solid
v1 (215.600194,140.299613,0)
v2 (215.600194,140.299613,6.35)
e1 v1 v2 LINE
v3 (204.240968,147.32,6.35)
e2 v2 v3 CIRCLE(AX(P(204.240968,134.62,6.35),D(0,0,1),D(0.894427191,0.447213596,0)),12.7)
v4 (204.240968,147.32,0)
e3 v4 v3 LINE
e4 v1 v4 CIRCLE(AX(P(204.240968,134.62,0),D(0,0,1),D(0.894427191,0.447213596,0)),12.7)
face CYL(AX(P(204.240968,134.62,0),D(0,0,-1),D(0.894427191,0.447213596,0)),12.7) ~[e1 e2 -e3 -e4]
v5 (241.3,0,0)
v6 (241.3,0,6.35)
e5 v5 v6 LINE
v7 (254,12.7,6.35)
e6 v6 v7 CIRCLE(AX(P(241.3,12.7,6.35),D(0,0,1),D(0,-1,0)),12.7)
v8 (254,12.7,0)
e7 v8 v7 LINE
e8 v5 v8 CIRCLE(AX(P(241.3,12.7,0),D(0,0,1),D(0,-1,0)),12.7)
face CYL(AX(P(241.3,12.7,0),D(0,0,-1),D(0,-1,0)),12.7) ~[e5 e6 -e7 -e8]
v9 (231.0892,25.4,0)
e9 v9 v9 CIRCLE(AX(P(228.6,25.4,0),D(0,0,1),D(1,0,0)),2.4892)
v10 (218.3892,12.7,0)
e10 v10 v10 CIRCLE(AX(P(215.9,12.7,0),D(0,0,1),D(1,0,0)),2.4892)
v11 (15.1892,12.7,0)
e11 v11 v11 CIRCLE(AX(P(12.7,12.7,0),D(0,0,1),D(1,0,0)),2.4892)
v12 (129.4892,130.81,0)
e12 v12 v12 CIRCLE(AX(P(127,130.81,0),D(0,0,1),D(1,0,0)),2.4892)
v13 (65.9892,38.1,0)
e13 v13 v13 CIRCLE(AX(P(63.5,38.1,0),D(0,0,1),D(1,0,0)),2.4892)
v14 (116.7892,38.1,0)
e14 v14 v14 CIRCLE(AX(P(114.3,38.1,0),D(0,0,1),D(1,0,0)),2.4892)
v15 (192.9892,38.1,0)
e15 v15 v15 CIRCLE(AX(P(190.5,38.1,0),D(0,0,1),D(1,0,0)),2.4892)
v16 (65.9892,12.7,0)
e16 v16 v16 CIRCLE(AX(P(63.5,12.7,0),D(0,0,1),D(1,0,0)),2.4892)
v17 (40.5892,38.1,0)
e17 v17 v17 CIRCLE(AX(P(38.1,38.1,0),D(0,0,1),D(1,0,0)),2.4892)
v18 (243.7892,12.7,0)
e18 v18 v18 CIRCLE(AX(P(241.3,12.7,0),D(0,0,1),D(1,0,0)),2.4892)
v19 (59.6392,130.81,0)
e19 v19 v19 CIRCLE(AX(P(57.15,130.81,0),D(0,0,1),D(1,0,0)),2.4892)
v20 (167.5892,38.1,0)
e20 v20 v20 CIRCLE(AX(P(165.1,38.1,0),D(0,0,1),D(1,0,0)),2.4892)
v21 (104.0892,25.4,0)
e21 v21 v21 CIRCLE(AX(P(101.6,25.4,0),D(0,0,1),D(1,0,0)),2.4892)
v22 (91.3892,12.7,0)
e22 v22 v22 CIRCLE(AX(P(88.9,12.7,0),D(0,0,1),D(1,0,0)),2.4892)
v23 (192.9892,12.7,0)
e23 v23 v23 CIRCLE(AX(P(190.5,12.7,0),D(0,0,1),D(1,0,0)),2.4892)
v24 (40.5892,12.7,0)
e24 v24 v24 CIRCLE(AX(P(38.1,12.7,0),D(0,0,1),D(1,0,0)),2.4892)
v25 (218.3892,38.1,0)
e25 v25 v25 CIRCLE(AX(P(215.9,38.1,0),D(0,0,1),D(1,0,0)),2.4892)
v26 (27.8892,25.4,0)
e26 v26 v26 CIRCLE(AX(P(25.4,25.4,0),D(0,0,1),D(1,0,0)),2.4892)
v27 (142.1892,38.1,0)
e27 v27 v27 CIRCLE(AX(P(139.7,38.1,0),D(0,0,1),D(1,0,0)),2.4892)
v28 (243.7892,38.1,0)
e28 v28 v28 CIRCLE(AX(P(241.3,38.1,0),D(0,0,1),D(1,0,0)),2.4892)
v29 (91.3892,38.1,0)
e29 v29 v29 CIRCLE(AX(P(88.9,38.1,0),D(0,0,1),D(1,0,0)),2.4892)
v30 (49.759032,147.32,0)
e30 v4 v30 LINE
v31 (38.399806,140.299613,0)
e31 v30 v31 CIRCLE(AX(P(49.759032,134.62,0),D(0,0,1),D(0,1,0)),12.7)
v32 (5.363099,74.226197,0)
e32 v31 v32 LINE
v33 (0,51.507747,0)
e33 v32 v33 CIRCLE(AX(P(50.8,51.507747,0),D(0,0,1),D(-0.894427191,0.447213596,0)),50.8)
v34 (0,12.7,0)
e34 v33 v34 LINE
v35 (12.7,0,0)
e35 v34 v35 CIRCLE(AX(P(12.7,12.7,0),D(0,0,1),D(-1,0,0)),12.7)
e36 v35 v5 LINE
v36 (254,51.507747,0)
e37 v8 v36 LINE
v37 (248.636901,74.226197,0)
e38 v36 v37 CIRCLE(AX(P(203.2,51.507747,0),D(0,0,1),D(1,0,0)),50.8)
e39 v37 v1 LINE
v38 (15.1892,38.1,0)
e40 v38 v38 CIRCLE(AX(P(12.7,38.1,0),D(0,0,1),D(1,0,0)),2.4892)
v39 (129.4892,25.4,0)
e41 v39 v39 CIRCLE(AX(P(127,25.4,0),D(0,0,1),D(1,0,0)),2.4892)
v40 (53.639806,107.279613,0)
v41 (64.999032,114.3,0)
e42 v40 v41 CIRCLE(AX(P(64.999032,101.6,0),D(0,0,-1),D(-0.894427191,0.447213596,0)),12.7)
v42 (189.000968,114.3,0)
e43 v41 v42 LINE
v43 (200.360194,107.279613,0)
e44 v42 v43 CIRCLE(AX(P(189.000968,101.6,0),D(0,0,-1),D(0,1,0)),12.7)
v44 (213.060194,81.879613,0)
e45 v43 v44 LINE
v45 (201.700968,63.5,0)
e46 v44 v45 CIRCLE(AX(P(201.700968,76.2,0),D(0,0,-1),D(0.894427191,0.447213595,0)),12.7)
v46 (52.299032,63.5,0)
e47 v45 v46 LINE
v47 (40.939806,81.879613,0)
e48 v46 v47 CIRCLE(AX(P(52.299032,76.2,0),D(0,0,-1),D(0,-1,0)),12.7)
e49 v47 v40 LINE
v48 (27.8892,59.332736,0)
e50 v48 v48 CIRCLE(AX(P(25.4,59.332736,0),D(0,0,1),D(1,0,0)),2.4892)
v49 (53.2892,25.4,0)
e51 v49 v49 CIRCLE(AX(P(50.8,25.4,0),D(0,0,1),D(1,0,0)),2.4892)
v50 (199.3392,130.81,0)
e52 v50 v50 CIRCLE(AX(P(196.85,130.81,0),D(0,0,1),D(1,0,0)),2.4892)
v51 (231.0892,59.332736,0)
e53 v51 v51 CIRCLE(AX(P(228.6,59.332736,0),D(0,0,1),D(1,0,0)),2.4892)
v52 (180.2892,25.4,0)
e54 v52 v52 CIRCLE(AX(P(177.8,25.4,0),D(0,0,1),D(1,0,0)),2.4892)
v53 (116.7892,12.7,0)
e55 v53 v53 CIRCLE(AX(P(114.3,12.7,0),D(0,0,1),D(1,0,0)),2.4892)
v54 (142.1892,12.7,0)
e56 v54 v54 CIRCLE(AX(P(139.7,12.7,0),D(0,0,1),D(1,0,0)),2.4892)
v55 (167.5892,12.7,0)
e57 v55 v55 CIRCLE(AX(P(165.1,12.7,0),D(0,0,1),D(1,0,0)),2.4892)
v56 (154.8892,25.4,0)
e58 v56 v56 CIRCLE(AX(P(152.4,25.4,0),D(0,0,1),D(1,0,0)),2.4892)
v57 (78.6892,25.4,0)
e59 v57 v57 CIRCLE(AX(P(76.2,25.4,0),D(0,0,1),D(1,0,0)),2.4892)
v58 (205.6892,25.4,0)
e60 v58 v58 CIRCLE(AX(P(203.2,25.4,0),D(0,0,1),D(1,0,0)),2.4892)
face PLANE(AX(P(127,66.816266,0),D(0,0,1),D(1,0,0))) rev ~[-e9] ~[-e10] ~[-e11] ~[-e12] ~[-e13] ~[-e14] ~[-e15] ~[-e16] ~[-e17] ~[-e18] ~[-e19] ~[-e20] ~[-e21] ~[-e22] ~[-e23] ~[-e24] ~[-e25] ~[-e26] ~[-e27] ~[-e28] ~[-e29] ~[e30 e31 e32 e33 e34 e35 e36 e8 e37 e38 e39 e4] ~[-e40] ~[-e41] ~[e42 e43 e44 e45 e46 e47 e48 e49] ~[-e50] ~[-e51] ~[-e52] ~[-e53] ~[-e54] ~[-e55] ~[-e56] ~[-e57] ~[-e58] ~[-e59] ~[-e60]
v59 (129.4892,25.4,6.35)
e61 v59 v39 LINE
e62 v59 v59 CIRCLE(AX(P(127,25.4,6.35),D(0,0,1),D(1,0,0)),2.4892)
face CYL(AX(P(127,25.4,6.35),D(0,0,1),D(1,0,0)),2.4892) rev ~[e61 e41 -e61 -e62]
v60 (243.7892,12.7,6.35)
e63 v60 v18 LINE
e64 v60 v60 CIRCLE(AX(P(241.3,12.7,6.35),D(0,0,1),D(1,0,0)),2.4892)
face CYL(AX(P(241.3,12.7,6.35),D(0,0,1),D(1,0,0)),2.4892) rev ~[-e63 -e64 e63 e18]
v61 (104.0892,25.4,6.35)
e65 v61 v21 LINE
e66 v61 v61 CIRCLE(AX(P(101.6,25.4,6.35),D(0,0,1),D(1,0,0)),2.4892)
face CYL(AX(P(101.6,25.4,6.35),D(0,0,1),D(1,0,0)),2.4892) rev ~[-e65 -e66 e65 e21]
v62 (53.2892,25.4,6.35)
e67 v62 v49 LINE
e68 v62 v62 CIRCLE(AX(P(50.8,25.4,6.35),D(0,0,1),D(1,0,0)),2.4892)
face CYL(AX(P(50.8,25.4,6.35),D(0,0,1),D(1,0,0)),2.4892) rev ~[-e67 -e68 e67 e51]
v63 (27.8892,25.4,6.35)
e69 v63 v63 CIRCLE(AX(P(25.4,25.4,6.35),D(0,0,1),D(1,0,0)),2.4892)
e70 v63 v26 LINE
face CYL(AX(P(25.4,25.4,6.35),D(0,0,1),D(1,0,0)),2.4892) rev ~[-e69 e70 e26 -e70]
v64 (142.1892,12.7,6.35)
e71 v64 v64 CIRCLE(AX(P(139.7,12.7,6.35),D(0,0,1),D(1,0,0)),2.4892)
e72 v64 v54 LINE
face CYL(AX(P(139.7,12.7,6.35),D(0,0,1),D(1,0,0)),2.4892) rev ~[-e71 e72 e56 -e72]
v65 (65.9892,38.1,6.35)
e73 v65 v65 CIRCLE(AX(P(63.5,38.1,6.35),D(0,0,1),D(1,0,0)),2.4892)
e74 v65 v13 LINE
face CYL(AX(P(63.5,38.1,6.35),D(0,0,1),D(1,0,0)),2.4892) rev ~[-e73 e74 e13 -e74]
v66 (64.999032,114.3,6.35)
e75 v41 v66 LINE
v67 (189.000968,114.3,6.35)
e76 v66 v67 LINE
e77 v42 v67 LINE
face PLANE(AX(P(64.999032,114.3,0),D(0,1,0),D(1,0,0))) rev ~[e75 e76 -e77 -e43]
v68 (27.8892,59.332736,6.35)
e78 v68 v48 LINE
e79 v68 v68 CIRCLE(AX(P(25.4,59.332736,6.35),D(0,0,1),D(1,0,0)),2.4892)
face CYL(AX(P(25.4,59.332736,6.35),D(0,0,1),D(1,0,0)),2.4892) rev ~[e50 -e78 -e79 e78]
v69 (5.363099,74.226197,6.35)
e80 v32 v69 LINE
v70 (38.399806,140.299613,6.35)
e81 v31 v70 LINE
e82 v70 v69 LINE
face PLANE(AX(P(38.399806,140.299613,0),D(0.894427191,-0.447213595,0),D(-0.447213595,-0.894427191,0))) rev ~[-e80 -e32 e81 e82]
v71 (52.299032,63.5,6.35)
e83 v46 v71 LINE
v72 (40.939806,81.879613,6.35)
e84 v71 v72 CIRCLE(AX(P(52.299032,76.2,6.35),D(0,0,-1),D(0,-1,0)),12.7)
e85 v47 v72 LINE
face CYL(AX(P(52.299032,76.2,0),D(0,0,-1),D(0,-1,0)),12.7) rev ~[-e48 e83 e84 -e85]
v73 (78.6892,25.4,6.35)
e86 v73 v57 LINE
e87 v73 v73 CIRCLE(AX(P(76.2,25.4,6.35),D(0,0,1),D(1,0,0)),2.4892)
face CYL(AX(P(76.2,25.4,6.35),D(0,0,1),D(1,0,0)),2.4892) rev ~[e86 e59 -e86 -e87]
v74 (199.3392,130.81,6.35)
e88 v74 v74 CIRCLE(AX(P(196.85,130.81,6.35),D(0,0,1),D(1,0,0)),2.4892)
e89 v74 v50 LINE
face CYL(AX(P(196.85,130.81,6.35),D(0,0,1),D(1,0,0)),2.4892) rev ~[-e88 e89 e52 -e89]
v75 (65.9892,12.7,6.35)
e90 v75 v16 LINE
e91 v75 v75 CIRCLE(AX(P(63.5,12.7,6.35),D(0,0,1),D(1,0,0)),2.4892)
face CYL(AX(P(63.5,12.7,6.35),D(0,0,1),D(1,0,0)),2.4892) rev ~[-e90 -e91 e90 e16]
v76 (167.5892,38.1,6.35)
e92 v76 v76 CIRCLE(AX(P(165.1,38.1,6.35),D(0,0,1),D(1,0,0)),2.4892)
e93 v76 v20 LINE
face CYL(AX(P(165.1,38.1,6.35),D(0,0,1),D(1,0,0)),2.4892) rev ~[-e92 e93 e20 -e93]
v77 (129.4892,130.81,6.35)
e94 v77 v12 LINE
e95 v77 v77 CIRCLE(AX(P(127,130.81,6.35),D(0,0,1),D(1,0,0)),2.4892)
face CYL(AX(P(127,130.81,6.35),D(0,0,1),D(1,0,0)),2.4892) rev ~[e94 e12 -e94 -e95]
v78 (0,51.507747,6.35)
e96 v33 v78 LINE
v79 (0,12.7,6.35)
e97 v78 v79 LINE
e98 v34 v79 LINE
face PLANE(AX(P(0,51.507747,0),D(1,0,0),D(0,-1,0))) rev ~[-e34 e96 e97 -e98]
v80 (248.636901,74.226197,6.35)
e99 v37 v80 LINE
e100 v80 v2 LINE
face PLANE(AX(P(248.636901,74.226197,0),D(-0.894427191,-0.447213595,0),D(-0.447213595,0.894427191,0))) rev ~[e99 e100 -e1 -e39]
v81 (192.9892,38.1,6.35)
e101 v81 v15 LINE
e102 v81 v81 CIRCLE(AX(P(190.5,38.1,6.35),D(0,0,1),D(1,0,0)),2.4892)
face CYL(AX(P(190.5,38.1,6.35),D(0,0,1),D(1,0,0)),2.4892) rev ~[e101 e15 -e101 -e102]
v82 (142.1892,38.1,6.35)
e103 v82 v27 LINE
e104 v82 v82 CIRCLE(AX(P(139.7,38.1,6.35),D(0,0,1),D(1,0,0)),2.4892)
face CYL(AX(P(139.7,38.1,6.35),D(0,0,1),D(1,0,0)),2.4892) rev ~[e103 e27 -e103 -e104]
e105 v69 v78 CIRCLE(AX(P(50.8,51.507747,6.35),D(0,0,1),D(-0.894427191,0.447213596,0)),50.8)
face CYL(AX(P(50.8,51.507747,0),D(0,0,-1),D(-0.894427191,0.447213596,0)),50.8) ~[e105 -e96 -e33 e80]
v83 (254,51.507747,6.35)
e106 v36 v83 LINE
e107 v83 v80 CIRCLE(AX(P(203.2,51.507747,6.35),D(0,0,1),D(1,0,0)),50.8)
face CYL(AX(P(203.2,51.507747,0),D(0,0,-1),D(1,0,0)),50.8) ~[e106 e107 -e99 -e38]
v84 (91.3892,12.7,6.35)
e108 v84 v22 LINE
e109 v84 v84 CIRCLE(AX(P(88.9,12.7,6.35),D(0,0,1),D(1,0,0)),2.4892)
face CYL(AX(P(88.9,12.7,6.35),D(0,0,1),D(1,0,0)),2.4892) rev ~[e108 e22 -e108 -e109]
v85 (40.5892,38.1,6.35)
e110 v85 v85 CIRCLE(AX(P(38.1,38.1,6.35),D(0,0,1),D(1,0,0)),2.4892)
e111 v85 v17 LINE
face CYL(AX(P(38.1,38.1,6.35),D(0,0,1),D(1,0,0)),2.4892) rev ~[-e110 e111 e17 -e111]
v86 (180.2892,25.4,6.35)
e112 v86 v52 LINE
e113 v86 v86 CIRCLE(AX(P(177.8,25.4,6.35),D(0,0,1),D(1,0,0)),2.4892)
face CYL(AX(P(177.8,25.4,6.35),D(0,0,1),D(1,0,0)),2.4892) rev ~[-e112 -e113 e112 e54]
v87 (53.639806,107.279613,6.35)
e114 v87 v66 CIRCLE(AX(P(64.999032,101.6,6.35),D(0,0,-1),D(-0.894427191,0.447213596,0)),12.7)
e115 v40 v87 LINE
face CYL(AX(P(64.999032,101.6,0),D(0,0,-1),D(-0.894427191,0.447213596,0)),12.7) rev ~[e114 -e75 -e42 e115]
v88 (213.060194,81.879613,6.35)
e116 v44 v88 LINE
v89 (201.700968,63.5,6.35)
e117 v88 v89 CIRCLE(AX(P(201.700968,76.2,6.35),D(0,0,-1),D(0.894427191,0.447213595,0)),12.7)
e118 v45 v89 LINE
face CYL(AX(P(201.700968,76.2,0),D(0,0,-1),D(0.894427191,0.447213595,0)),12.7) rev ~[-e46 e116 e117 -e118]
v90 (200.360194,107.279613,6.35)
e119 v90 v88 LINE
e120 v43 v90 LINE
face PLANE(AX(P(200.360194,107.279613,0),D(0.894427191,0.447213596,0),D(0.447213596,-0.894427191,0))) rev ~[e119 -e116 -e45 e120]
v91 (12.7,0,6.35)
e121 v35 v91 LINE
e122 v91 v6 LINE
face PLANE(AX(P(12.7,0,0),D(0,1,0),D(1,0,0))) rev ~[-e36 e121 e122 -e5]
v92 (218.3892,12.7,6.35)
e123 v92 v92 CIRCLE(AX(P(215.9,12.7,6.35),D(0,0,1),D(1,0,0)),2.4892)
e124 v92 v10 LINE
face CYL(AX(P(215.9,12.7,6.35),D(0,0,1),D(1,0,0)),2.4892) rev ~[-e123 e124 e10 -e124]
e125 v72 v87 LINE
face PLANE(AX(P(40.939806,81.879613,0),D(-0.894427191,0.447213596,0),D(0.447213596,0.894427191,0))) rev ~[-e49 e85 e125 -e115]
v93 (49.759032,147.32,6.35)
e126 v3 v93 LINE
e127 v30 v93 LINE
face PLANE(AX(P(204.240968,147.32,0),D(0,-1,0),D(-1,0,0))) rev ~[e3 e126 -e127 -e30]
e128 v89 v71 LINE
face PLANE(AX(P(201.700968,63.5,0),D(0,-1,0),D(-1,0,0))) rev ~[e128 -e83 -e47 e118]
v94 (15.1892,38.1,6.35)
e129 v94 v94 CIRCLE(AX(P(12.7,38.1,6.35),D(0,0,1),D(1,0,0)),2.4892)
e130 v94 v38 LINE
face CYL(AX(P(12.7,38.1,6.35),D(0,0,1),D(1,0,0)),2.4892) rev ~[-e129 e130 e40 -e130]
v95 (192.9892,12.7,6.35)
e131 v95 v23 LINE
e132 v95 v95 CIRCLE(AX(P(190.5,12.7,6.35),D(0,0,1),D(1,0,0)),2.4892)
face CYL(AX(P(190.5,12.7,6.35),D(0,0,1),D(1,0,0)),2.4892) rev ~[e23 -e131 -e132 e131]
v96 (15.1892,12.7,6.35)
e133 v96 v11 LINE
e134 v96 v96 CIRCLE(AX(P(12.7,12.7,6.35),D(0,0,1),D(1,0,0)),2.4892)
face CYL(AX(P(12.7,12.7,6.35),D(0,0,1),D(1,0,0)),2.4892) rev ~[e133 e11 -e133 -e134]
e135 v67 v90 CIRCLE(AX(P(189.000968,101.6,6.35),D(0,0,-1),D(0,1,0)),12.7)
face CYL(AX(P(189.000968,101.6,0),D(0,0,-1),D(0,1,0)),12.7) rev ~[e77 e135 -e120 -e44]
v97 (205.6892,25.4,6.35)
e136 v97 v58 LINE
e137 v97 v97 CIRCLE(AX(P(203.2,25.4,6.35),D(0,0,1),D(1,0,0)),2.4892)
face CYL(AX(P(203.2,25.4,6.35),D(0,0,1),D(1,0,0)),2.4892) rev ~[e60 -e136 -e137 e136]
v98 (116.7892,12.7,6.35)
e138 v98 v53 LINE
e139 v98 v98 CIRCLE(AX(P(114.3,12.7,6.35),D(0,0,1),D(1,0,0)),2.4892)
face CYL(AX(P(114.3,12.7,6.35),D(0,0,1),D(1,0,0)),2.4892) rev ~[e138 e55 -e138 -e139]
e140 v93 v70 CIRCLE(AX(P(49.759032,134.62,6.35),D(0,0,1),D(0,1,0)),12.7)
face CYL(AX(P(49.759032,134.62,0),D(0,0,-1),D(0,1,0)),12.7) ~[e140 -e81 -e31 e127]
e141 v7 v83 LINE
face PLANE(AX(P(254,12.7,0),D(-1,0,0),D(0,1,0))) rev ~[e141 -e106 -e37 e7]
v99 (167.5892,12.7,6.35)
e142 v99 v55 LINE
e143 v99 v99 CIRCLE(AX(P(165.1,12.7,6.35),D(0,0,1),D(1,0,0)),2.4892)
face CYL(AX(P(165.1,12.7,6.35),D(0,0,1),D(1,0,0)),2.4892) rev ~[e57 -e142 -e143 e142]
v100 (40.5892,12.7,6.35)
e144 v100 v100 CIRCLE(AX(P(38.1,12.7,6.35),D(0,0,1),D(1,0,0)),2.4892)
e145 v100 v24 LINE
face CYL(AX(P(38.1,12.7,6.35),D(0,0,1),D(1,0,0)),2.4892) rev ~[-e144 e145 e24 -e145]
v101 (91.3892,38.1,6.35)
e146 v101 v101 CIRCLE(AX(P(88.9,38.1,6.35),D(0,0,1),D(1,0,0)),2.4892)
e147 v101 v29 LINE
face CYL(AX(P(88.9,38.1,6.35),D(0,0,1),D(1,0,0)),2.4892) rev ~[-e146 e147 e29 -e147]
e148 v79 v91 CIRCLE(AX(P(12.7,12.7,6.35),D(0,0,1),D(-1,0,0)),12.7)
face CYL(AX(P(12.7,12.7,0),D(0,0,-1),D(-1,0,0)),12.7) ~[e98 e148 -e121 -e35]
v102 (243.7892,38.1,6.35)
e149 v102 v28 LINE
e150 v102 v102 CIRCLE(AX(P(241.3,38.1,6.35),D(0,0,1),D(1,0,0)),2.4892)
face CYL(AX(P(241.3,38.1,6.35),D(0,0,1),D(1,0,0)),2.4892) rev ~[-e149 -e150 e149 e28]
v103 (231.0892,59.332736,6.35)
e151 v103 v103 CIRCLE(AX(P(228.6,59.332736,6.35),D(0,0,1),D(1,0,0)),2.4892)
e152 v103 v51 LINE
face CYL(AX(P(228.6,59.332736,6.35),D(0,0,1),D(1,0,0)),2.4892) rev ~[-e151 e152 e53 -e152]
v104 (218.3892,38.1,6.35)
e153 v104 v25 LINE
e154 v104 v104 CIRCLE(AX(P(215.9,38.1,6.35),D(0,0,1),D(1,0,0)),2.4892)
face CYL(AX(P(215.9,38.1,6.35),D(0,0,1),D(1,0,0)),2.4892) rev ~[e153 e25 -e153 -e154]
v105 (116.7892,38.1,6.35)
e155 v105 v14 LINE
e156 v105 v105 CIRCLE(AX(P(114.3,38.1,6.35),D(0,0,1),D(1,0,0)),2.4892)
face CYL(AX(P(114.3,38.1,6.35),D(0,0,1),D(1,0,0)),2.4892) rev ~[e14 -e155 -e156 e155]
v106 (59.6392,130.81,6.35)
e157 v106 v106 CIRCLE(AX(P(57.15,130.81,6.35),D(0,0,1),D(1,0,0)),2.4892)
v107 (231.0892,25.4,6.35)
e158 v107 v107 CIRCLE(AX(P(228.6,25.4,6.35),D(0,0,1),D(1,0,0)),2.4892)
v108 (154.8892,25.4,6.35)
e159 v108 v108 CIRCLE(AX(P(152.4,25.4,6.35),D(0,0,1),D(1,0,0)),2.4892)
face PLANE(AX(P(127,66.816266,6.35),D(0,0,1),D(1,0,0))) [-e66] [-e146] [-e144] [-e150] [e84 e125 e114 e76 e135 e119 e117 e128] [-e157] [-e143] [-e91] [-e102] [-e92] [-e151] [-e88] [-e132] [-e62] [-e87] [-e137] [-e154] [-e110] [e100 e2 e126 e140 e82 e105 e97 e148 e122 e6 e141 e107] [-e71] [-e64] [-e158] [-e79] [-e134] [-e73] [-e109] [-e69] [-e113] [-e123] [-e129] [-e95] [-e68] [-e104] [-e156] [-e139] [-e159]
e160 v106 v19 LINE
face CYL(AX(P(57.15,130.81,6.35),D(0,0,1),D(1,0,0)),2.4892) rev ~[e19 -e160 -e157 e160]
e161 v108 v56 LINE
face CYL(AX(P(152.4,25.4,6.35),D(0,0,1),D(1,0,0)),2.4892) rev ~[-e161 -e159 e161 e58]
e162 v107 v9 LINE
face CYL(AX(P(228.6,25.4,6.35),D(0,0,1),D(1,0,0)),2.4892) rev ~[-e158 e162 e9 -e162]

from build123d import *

# Parameters (mm, degrees)
BOSS_EXTRUDE1_DEPTH = 6.35
SKETCH2_R           = 2.4892
CUT_EXTRUDE1_DEPTH  = 294.699684882
SKETCH3_R           = 2.4892
CUT_EXTRUDE2_DEPTH  = 294.699684882


with BuildPart() as part:
    # Sketch1 → Boss-Extrude1 (new body)
    with BuildSketch(Plane.XY):
        with BuildLine():
            Line((12.7, 0), (241.3, 0))
            ThreePointArc((241.3, 0), (250.280256121, 3.719743879), (254, 12.7))
            Line((254, 12.7), (254, 51.507746743))
            ThreePointArc((254, 51.507746743), (252.641048665, 63.179195107), (248.636901303, 74.226197394))
            Line((248.636901303, 74.226197394), (215.600193669, 140.299612663))
            ThreePointArc((215.600193669, 140.299612663), (210.917753467, 145.423265266), (204.240968343, 147.32))
            Line((204.240968343, 147.32), (49.759031657, 147.32))
            ThreePointArc((49.759031657, 147.32), (43.082246533, 145.423265266), (38.399806331, 140.299612663))
            Line((38.399806331, 140.299612663), (5.363098697, 74.226197394))
            ThreePointArc((5.363098697, 74.226197394), (1.358951335, 63.179195107), (0, 51.507746743))
            Line((0, 51.507746743), (0, 12.7))
            ThreePointArc((0, 12.7), (3.719743879, 3.719743879), (12.7, 0))
        make_face()
        with BuildLine():
            Line((40.939806331, 81.879612663), (53.639806331, 107.279612663))
            ThreePointArc((53.639806331, 107.279612663), (58.322246533, 112.403265266), (64.999031657, 114.3))
            Line((64.999031657, 114.3), (189.000968343, 114.3))
            ThreePointArc((189.000968343, 114.3), (195.677753467, 112.403265266), (200.360193669, 107.279612663))
            Line((200.360193669, 107.279612663), (213.060193669, 81.879612663))
            ThreePointArc((213.060193669, 81.879612663), (212.504233609, 69.523214876), (201.700968343, 63.5))
            Line((201.700968343, 63.5), (52.299031657, 63.5))
            ThreePointArc((52.299031657, 63.5), (41.495766391, 69.523214876), (40.939806331, 81.879612663))
        make_face(mode=Mode.SUBTRACT)
    extrude(amount=BOSS_EXTRUDE1_DEPTH)

    # Sketch2 → Cut-Extrude1 (cut, through all)
    with BuildSketch(Plane.XY.offset(6.35)):
        with Locations((241.3, 12.7)):
            Circle(SKETCH2_R)
        with Locations((215.9, 12.7)):
            Circle(SKETCH2_R)
        with Locations((190.5, 12.7)):
            Circle(SKETCH2_R)
        with Locations((165.1, 12.7)):
            Circle(SKETCH2_R)
        with Locations((139.7, 12.7)):
            Circle(SKETCH2_R)
        with Locations((114.3, 12.7)):
            Circle(SKETCH2_R)
        with Locations((88.9, 12.7)):
            Circle(SKETCH2_R)
        with Locations((63.5, 12.7)):
            Circle(SKETCH2_R)
        with Locations((38.1, 12.7)):
            Circle(SKETCH2_R)
        with Locations((12.7, 12.7)):
            Circle(SKETCH2_R)
        with Locations((215.9, 38.1)):
            Circle(SKETCH2_R)
        with Locations((190.5, 38.1)):
            Circle(SKETCH2_R)
        with Locations((165.1, 38.1)):
            Circle(SKETCH2_R)
        with Locations((139.7, 38.1)):
            Circle(SKETCH2_R)
        with Locations((114.3, 38.1)):
            Circle(SKETCH2_R)
        with Locations((88.9, 38.1)):
            Circle(SKETCH2_R)
        with Locations((63.5, 38.1)):
            Circle(SKETCH2_R)
        with Locations((38.1, 38.1)):
            Circle(SKETCH2_R)
        with Locations((12.7, 38.1)):
            Circle(SKETCH2_R)
        with Locations((241.3, 38.1)):
            Circle(SKETCH2_R)
        with Locations((25.4, 25.4)):
            Circle(SKETCH2_R)
        with Locations((50.8, 25.4)):
            Circle(SKETCH2_R)
        with Locations((76.2, 25.4)):
            Circle(SKETCH2_R)
        with Locations((101.6, 25.4)):
            Circle(SKETCH2_R)
        with Locations((127, 25.4)):
            Circle(SKETCH2_R)
        with Locations((152.4, 25.4)):
            Circle(SKETCH2_R)
        with Locations((177.8, 25.4)):
            Circle(SKETCH2_R)
        with Locations((203.2, 25.4)):
            Circle(SKETCH2_R)
        with Locations((228.6, 25.4)):
            Circle(SKETCH2_R)
    extrude(amount=-CUT_EXTRUDE1_DEPTH, mode=Mode.SUBTRACT)

    # Sketch3 → Cut-Extrude2 (cut, through all)
    with BuildSketch(Plane.XY.offset(6.35)):
        with Locations((57.15, 130.81)):
            Circle(SKETCH3_R)
        with Locations((127, 130.81)):
            Circle(SKETCH3_R)
        with Locations((196.85, 130.81)):
            Circle(SKETCH3_R)
        with Locations((228.6, 59.332735968)):
            Circle(SKETCH3_R)
        with Locations((25.4, 59.332735968)):
            Circle(SKETCH3_R)
    extrude(amount=-CUT_EXTRUDE2_DEPTH, mode=Mode.SUBTRACT)


solid = part.part
